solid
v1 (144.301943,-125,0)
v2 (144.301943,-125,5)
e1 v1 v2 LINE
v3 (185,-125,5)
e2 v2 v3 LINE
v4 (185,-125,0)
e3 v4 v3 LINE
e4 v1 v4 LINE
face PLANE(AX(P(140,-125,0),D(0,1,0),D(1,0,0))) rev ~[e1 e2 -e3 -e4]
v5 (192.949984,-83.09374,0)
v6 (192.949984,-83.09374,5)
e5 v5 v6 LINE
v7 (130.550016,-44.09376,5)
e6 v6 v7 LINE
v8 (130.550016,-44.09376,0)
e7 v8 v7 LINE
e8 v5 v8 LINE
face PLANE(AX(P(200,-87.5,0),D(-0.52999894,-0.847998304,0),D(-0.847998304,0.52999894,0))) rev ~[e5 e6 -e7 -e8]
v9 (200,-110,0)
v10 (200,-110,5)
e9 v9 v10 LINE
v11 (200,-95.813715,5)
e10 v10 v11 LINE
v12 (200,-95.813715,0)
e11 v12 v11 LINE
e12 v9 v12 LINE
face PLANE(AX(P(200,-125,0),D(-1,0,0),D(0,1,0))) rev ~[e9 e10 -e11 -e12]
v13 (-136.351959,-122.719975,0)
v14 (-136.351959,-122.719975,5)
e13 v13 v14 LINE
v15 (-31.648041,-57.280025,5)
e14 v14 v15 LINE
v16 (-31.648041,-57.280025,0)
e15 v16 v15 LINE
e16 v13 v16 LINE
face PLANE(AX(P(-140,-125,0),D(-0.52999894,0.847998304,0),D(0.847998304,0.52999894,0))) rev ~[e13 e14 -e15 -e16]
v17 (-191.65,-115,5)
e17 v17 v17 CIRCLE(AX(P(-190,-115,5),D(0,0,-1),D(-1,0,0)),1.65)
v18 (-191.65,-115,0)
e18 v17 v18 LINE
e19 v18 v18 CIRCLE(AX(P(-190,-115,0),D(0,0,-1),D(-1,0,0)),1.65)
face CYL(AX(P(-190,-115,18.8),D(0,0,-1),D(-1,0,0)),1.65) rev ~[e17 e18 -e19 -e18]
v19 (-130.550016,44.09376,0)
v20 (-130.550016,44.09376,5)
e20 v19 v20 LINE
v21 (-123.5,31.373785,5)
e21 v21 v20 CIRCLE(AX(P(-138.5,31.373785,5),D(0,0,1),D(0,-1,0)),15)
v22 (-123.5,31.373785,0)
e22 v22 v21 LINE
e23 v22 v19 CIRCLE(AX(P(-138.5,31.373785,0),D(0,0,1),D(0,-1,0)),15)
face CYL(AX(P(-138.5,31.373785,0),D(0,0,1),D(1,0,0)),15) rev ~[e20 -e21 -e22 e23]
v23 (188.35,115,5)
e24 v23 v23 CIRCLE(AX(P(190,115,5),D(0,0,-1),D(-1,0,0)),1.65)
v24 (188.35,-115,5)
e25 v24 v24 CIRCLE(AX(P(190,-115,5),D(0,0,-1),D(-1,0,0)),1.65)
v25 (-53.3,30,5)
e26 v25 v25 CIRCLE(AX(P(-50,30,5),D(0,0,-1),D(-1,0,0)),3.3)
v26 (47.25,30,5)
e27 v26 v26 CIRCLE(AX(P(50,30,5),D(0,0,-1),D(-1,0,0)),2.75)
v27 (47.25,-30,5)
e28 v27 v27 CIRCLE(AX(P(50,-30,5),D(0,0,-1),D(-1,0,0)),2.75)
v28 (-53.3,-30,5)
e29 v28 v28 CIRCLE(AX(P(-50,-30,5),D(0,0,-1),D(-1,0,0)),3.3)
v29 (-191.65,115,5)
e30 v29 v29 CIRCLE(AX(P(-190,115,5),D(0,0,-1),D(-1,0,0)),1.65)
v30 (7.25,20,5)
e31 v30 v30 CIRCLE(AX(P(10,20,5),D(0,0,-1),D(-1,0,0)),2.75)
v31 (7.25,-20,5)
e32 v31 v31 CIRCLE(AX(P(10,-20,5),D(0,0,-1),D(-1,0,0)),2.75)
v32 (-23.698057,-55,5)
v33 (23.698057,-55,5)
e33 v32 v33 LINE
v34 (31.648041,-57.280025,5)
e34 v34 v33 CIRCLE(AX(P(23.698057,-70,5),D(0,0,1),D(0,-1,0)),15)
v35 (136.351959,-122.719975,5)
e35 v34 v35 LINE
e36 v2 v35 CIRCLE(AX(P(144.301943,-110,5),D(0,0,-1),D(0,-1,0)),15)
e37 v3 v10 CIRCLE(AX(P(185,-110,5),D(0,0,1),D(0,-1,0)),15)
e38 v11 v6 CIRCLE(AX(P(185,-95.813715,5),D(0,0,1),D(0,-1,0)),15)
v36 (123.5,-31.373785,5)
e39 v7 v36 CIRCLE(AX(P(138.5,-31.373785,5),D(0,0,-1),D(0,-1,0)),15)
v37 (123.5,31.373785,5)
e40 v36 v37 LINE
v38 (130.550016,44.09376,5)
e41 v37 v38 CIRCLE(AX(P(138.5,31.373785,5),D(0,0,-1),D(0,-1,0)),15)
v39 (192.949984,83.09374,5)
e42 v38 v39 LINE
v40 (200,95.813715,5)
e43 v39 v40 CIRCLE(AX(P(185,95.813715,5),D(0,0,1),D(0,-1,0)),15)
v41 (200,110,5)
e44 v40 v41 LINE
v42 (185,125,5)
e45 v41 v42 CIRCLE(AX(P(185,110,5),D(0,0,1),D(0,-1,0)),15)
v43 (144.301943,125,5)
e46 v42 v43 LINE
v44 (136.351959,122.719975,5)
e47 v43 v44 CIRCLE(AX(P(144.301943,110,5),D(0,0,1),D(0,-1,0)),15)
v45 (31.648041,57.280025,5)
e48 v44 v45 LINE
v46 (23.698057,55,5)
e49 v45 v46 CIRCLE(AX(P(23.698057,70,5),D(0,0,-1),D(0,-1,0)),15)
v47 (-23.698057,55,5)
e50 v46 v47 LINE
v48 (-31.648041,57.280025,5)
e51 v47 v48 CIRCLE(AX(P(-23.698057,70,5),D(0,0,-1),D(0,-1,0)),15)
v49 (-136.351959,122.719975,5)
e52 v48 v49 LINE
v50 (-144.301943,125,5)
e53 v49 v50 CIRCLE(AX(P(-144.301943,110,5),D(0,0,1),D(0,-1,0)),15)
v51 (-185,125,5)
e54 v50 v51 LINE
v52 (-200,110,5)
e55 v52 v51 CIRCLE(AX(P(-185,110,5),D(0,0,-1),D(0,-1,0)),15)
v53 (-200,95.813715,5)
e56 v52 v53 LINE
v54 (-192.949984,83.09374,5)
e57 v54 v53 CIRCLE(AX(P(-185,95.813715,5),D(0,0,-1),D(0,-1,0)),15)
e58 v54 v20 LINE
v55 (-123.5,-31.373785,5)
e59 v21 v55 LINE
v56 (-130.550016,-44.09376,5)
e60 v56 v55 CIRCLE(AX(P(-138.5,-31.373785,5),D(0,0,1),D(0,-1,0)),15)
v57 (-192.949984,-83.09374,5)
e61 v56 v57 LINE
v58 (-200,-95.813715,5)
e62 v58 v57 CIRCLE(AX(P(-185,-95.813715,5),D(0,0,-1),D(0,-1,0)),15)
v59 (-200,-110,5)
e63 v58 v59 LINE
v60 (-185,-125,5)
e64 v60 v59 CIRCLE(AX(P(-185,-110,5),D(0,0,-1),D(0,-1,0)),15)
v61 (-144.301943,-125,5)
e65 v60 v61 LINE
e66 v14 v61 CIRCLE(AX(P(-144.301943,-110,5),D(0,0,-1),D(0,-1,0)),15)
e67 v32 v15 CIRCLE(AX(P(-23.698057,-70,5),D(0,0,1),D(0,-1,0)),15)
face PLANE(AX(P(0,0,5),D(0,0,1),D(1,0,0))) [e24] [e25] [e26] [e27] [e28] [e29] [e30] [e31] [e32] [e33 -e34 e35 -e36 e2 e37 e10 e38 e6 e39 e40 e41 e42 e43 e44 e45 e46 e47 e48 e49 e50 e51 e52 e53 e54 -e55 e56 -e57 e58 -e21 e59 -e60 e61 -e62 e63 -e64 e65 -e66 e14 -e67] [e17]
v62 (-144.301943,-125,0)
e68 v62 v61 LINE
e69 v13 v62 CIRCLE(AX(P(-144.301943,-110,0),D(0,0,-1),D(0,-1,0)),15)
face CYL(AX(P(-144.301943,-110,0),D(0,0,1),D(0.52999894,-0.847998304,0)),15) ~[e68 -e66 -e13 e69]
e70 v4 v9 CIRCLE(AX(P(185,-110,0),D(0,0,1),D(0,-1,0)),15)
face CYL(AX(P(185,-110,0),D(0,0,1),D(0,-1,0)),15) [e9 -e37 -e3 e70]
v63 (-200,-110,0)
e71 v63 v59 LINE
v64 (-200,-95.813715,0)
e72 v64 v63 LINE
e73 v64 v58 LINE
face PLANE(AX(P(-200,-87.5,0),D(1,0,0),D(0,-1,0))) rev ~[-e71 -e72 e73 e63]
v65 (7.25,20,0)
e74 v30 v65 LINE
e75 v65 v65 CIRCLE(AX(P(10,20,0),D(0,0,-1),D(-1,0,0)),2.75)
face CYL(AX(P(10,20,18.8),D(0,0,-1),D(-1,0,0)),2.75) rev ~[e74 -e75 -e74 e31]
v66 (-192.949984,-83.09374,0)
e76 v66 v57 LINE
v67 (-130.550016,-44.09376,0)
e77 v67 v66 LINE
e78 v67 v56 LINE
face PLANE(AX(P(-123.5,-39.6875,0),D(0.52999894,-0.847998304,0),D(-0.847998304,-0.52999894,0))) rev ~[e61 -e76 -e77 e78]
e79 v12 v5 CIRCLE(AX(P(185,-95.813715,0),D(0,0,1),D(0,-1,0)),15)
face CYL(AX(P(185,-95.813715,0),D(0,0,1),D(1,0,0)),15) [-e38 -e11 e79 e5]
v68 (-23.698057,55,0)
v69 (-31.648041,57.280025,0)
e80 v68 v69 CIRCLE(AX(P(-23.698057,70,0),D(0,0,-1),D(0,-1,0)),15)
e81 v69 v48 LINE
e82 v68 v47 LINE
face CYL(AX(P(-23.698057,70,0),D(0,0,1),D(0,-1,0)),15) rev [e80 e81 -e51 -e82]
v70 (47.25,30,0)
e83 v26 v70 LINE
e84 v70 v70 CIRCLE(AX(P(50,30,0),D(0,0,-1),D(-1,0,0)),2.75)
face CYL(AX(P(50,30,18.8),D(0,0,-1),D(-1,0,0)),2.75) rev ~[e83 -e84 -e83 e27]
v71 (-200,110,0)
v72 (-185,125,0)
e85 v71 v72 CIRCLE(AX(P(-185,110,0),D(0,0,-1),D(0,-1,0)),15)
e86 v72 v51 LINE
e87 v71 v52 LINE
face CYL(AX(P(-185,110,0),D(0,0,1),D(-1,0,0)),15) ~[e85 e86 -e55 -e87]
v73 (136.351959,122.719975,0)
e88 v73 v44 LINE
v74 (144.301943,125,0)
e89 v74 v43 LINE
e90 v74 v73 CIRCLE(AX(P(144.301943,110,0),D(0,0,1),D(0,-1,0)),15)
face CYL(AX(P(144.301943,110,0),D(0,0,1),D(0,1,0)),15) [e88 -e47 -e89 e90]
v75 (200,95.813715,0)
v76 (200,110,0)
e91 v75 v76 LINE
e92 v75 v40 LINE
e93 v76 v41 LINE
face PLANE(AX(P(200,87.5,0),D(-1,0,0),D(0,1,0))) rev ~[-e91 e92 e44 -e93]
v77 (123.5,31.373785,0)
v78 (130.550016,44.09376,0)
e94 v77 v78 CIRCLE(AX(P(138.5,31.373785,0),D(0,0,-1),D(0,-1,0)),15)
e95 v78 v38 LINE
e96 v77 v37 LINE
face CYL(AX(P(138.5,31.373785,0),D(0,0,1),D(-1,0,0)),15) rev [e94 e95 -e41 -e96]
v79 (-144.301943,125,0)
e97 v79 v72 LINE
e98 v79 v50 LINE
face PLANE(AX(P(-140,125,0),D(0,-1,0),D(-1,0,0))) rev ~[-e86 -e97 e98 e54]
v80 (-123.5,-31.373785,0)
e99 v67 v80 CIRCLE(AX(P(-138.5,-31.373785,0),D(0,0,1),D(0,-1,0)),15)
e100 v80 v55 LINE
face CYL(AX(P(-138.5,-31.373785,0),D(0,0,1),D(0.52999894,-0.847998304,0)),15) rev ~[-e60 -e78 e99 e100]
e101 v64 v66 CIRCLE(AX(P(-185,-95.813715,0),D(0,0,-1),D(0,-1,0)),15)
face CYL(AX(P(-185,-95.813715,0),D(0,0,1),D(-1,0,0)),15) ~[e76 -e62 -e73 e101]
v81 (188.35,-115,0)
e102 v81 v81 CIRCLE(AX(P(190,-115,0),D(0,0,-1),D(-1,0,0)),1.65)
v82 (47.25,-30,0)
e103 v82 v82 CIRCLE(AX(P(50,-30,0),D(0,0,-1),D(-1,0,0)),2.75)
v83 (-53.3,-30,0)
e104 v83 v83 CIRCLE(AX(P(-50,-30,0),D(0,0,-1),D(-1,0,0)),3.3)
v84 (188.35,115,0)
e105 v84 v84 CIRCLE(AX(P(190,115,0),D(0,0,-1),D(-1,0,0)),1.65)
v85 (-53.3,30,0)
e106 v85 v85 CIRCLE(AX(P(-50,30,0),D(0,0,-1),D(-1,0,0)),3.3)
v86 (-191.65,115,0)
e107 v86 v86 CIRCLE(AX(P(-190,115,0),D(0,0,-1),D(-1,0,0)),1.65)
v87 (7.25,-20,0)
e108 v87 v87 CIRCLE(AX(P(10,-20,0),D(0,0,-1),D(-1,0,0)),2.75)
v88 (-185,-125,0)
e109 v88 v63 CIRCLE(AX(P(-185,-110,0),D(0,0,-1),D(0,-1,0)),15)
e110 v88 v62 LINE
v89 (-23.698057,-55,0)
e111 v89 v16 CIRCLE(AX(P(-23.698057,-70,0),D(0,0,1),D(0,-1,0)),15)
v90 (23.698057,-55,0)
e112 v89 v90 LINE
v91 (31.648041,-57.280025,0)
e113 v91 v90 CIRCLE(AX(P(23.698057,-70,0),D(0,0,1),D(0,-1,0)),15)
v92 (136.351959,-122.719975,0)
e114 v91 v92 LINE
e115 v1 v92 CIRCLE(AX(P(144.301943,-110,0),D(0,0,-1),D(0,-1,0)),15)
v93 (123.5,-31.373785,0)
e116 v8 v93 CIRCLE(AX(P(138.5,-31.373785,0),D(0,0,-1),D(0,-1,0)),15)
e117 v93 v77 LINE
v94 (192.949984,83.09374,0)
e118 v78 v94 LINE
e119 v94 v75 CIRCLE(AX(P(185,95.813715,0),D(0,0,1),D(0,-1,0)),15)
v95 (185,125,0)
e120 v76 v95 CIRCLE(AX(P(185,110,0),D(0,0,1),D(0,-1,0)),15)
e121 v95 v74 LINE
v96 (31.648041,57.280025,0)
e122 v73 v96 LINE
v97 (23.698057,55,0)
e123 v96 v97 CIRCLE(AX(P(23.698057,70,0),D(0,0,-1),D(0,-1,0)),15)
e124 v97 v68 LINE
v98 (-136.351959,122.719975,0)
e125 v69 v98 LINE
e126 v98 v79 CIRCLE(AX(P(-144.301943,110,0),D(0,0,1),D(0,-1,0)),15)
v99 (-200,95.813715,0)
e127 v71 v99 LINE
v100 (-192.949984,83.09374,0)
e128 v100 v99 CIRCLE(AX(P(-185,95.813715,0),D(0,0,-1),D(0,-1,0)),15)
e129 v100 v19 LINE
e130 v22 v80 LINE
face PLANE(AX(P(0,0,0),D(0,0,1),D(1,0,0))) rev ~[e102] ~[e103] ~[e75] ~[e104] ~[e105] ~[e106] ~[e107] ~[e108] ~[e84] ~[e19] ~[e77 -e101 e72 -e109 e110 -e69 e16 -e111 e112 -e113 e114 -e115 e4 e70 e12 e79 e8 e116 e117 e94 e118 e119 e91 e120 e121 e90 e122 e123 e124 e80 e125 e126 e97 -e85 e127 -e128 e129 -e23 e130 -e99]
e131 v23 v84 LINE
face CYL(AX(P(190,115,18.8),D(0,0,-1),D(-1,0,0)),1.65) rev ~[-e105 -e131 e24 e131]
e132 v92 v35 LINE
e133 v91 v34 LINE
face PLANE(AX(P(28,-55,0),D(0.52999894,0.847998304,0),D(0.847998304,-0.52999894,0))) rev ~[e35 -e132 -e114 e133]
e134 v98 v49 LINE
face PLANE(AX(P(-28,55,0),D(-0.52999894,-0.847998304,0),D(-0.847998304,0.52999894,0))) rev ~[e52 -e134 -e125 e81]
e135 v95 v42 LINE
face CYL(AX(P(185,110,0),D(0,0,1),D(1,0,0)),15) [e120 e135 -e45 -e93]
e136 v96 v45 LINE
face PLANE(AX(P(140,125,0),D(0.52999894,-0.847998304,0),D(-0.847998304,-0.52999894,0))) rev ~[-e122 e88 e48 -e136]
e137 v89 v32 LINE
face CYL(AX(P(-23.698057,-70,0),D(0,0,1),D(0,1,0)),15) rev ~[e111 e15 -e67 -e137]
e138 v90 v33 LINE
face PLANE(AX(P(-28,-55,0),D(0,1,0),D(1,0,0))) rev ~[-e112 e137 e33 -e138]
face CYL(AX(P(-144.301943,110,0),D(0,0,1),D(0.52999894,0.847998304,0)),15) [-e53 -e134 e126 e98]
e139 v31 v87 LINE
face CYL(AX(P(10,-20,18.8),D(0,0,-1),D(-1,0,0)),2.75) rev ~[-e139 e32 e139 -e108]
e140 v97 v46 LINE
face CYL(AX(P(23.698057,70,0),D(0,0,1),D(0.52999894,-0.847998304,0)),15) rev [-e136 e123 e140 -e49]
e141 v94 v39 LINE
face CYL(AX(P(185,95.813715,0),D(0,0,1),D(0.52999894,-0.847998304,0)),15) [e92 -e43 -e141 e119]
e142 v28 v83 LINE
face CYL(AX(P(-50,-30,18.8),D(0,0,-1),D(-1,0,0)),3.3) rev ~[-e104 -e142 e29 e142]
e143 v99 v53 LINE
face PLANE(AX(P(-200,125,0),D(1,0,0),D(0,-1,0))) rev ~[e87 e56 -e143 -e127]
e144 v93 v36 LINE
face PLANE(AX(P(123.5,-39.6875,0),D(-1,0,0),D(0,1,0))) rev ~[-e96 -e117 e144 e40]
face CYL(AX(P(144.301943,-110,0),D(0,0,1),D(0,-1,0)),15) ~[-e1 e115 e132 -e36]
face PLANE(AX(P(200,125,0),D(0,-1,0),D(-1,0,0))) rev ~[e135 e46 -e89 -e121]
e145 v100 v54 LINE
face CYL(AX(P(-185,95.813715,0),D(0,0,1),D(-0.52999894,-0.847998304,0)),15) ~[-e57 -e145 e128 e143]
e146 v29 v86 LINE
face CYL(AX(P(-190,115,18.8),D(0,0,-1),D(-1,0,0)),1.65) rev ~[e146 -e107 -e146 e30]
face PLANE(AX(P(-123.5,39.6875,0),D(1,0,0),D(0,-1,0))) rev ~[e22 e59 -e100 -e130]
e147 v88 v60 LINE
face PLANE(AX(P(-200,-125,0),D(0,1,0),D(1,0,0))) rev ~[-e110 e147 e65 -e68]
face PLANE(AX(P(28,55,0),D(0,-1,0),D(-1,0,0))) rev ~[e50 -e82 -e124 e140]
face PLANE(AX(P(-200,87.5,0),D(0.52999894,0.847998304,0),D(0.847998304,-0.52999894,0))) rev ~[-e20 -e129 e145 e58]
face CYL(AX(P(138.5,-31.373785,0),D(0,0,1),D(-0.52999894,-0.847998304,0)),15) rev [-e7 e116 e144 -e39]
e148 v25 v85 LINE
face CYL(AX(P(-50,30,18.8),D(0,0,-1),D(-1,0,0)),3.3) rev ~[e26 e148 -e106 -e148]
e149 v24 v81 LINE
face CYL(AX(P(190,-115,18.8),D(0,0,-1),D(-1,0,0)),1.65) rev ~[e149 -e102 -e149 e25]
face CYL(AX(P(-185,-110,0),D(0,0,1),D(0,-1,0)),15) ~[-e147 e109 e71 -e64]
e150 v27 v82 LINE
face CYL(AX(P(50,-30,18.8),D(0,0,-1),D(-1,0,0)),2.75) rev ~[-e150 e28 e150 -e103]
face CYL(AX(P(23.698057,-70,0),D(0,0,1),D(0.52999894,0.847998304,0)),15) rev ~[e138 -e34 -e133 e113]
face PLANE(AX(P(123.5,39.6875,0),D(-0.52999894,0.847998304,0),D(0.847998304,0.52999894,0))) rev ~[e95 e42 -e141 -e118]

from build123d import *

# Parameters (mm, degrees)
F1_DEPTH = 5
F3_D     = 3.3
F3_DEPTH = 13.8
F3_TIP   = 0.9914200214
F4_D     = 5.5
F4_DEPTH = 13.8
F4_TIP   = 1.6523667023
F5_D     = 6.6
F5_DEPTH = 13.8
F5_TIP   = 1.9828400428
F6_R     = 15


with BuildPart() as f1:
    # F0 (on Top) → F1 (new body)
    with BuildSketch(Plane.XY):
        Polygon((140, -125), (200, -125), (200, -87.5), (123.5, -39.6875), (123.5, 39.6875), (200, 87.5), (200, 125), (140, 125), (28, 55), (-28, 55), (-140, 125), (-200, 125), (-200, 87.5), (-123.5, 39.6875), (-123.5, -39.6875), (-200, -87.5), (-200, -125), (-140, -125), (-28, -55), (28, -55), align=None)
    extrude(amount=F1_DEPTH)

    # F3
    with Locations(Plane.XY.offset(5)):
        with Locations((-190, 115), (-190, -115), (190, -115), (190, 115)):
            Hole(F3_D / 2, depth=F3_DEPTH)
            with Locations((0, 0, -(F3_DEPTH + F3_TIP / 2))):  # 118° drill point
                Cone(0, F3_D / 2, F3_TIP, mode=Mode.SUBTRACT)

    # F4
    with Locations(Plane.XY.offset(5)):
        with Locations((50, -30), (50, 30), (10, 20), (10, -20)):
            Hole(F4_D / 2, depth=F4_DEPTH)
            with Locations((0, 0, -(F4_DEPTH + F4_TIP / 2))):  # 118° drill point
                Cone(0, F4_D / 2, F4_TIP, mode=Mode.SUBTRACT)

    # F5
    with Locations(Plane.XY.offset(5)):
        with Locations((-50, 30), (-50, -30)):
            Hole(F5_D / 2, depth=F5_DEPTH)
            with Locations((0, 0, -(F5_DEPTH + F5_TIP / 2))):  # 118° drill point
                Cone(0, F5_D / 2, F5_TIP, mode=Mode.SUBTRACT)

    # F6
    f6_edges = [f1.edges().sort_by_distance(p)[0] for p in [
        (-28, -55, 2.5),
        (28, -55, 2.5),
        (140, -125, 2.5),
        (200, -125, 2.5),
        (200, -87.5, 2.5),
        (123.5, -39.6875, 2.5),
        (123.5, 39.6875, 2.5),
        (200, 87.5, 2.5),
        (200, 125, 2.5),
        (140, 125, 2.5),
        (28, 55, 2.5),
        (-28, 55, 2.5),
        (-140, 125, 2.5),
        (-200, 125, 2.5),
        (-200, 87.5, 2.5),
        (-123.5, 39.6875, 2.5),
        (-123.5, -39.6875, 2.5),
        (-200, -87.5, 2.5),
        (-200, -125, 2.5),
        (-140, -125, 2.5),
    ]]
    fillet(f6_edges, radius=F6_R)


solid = f1.part
